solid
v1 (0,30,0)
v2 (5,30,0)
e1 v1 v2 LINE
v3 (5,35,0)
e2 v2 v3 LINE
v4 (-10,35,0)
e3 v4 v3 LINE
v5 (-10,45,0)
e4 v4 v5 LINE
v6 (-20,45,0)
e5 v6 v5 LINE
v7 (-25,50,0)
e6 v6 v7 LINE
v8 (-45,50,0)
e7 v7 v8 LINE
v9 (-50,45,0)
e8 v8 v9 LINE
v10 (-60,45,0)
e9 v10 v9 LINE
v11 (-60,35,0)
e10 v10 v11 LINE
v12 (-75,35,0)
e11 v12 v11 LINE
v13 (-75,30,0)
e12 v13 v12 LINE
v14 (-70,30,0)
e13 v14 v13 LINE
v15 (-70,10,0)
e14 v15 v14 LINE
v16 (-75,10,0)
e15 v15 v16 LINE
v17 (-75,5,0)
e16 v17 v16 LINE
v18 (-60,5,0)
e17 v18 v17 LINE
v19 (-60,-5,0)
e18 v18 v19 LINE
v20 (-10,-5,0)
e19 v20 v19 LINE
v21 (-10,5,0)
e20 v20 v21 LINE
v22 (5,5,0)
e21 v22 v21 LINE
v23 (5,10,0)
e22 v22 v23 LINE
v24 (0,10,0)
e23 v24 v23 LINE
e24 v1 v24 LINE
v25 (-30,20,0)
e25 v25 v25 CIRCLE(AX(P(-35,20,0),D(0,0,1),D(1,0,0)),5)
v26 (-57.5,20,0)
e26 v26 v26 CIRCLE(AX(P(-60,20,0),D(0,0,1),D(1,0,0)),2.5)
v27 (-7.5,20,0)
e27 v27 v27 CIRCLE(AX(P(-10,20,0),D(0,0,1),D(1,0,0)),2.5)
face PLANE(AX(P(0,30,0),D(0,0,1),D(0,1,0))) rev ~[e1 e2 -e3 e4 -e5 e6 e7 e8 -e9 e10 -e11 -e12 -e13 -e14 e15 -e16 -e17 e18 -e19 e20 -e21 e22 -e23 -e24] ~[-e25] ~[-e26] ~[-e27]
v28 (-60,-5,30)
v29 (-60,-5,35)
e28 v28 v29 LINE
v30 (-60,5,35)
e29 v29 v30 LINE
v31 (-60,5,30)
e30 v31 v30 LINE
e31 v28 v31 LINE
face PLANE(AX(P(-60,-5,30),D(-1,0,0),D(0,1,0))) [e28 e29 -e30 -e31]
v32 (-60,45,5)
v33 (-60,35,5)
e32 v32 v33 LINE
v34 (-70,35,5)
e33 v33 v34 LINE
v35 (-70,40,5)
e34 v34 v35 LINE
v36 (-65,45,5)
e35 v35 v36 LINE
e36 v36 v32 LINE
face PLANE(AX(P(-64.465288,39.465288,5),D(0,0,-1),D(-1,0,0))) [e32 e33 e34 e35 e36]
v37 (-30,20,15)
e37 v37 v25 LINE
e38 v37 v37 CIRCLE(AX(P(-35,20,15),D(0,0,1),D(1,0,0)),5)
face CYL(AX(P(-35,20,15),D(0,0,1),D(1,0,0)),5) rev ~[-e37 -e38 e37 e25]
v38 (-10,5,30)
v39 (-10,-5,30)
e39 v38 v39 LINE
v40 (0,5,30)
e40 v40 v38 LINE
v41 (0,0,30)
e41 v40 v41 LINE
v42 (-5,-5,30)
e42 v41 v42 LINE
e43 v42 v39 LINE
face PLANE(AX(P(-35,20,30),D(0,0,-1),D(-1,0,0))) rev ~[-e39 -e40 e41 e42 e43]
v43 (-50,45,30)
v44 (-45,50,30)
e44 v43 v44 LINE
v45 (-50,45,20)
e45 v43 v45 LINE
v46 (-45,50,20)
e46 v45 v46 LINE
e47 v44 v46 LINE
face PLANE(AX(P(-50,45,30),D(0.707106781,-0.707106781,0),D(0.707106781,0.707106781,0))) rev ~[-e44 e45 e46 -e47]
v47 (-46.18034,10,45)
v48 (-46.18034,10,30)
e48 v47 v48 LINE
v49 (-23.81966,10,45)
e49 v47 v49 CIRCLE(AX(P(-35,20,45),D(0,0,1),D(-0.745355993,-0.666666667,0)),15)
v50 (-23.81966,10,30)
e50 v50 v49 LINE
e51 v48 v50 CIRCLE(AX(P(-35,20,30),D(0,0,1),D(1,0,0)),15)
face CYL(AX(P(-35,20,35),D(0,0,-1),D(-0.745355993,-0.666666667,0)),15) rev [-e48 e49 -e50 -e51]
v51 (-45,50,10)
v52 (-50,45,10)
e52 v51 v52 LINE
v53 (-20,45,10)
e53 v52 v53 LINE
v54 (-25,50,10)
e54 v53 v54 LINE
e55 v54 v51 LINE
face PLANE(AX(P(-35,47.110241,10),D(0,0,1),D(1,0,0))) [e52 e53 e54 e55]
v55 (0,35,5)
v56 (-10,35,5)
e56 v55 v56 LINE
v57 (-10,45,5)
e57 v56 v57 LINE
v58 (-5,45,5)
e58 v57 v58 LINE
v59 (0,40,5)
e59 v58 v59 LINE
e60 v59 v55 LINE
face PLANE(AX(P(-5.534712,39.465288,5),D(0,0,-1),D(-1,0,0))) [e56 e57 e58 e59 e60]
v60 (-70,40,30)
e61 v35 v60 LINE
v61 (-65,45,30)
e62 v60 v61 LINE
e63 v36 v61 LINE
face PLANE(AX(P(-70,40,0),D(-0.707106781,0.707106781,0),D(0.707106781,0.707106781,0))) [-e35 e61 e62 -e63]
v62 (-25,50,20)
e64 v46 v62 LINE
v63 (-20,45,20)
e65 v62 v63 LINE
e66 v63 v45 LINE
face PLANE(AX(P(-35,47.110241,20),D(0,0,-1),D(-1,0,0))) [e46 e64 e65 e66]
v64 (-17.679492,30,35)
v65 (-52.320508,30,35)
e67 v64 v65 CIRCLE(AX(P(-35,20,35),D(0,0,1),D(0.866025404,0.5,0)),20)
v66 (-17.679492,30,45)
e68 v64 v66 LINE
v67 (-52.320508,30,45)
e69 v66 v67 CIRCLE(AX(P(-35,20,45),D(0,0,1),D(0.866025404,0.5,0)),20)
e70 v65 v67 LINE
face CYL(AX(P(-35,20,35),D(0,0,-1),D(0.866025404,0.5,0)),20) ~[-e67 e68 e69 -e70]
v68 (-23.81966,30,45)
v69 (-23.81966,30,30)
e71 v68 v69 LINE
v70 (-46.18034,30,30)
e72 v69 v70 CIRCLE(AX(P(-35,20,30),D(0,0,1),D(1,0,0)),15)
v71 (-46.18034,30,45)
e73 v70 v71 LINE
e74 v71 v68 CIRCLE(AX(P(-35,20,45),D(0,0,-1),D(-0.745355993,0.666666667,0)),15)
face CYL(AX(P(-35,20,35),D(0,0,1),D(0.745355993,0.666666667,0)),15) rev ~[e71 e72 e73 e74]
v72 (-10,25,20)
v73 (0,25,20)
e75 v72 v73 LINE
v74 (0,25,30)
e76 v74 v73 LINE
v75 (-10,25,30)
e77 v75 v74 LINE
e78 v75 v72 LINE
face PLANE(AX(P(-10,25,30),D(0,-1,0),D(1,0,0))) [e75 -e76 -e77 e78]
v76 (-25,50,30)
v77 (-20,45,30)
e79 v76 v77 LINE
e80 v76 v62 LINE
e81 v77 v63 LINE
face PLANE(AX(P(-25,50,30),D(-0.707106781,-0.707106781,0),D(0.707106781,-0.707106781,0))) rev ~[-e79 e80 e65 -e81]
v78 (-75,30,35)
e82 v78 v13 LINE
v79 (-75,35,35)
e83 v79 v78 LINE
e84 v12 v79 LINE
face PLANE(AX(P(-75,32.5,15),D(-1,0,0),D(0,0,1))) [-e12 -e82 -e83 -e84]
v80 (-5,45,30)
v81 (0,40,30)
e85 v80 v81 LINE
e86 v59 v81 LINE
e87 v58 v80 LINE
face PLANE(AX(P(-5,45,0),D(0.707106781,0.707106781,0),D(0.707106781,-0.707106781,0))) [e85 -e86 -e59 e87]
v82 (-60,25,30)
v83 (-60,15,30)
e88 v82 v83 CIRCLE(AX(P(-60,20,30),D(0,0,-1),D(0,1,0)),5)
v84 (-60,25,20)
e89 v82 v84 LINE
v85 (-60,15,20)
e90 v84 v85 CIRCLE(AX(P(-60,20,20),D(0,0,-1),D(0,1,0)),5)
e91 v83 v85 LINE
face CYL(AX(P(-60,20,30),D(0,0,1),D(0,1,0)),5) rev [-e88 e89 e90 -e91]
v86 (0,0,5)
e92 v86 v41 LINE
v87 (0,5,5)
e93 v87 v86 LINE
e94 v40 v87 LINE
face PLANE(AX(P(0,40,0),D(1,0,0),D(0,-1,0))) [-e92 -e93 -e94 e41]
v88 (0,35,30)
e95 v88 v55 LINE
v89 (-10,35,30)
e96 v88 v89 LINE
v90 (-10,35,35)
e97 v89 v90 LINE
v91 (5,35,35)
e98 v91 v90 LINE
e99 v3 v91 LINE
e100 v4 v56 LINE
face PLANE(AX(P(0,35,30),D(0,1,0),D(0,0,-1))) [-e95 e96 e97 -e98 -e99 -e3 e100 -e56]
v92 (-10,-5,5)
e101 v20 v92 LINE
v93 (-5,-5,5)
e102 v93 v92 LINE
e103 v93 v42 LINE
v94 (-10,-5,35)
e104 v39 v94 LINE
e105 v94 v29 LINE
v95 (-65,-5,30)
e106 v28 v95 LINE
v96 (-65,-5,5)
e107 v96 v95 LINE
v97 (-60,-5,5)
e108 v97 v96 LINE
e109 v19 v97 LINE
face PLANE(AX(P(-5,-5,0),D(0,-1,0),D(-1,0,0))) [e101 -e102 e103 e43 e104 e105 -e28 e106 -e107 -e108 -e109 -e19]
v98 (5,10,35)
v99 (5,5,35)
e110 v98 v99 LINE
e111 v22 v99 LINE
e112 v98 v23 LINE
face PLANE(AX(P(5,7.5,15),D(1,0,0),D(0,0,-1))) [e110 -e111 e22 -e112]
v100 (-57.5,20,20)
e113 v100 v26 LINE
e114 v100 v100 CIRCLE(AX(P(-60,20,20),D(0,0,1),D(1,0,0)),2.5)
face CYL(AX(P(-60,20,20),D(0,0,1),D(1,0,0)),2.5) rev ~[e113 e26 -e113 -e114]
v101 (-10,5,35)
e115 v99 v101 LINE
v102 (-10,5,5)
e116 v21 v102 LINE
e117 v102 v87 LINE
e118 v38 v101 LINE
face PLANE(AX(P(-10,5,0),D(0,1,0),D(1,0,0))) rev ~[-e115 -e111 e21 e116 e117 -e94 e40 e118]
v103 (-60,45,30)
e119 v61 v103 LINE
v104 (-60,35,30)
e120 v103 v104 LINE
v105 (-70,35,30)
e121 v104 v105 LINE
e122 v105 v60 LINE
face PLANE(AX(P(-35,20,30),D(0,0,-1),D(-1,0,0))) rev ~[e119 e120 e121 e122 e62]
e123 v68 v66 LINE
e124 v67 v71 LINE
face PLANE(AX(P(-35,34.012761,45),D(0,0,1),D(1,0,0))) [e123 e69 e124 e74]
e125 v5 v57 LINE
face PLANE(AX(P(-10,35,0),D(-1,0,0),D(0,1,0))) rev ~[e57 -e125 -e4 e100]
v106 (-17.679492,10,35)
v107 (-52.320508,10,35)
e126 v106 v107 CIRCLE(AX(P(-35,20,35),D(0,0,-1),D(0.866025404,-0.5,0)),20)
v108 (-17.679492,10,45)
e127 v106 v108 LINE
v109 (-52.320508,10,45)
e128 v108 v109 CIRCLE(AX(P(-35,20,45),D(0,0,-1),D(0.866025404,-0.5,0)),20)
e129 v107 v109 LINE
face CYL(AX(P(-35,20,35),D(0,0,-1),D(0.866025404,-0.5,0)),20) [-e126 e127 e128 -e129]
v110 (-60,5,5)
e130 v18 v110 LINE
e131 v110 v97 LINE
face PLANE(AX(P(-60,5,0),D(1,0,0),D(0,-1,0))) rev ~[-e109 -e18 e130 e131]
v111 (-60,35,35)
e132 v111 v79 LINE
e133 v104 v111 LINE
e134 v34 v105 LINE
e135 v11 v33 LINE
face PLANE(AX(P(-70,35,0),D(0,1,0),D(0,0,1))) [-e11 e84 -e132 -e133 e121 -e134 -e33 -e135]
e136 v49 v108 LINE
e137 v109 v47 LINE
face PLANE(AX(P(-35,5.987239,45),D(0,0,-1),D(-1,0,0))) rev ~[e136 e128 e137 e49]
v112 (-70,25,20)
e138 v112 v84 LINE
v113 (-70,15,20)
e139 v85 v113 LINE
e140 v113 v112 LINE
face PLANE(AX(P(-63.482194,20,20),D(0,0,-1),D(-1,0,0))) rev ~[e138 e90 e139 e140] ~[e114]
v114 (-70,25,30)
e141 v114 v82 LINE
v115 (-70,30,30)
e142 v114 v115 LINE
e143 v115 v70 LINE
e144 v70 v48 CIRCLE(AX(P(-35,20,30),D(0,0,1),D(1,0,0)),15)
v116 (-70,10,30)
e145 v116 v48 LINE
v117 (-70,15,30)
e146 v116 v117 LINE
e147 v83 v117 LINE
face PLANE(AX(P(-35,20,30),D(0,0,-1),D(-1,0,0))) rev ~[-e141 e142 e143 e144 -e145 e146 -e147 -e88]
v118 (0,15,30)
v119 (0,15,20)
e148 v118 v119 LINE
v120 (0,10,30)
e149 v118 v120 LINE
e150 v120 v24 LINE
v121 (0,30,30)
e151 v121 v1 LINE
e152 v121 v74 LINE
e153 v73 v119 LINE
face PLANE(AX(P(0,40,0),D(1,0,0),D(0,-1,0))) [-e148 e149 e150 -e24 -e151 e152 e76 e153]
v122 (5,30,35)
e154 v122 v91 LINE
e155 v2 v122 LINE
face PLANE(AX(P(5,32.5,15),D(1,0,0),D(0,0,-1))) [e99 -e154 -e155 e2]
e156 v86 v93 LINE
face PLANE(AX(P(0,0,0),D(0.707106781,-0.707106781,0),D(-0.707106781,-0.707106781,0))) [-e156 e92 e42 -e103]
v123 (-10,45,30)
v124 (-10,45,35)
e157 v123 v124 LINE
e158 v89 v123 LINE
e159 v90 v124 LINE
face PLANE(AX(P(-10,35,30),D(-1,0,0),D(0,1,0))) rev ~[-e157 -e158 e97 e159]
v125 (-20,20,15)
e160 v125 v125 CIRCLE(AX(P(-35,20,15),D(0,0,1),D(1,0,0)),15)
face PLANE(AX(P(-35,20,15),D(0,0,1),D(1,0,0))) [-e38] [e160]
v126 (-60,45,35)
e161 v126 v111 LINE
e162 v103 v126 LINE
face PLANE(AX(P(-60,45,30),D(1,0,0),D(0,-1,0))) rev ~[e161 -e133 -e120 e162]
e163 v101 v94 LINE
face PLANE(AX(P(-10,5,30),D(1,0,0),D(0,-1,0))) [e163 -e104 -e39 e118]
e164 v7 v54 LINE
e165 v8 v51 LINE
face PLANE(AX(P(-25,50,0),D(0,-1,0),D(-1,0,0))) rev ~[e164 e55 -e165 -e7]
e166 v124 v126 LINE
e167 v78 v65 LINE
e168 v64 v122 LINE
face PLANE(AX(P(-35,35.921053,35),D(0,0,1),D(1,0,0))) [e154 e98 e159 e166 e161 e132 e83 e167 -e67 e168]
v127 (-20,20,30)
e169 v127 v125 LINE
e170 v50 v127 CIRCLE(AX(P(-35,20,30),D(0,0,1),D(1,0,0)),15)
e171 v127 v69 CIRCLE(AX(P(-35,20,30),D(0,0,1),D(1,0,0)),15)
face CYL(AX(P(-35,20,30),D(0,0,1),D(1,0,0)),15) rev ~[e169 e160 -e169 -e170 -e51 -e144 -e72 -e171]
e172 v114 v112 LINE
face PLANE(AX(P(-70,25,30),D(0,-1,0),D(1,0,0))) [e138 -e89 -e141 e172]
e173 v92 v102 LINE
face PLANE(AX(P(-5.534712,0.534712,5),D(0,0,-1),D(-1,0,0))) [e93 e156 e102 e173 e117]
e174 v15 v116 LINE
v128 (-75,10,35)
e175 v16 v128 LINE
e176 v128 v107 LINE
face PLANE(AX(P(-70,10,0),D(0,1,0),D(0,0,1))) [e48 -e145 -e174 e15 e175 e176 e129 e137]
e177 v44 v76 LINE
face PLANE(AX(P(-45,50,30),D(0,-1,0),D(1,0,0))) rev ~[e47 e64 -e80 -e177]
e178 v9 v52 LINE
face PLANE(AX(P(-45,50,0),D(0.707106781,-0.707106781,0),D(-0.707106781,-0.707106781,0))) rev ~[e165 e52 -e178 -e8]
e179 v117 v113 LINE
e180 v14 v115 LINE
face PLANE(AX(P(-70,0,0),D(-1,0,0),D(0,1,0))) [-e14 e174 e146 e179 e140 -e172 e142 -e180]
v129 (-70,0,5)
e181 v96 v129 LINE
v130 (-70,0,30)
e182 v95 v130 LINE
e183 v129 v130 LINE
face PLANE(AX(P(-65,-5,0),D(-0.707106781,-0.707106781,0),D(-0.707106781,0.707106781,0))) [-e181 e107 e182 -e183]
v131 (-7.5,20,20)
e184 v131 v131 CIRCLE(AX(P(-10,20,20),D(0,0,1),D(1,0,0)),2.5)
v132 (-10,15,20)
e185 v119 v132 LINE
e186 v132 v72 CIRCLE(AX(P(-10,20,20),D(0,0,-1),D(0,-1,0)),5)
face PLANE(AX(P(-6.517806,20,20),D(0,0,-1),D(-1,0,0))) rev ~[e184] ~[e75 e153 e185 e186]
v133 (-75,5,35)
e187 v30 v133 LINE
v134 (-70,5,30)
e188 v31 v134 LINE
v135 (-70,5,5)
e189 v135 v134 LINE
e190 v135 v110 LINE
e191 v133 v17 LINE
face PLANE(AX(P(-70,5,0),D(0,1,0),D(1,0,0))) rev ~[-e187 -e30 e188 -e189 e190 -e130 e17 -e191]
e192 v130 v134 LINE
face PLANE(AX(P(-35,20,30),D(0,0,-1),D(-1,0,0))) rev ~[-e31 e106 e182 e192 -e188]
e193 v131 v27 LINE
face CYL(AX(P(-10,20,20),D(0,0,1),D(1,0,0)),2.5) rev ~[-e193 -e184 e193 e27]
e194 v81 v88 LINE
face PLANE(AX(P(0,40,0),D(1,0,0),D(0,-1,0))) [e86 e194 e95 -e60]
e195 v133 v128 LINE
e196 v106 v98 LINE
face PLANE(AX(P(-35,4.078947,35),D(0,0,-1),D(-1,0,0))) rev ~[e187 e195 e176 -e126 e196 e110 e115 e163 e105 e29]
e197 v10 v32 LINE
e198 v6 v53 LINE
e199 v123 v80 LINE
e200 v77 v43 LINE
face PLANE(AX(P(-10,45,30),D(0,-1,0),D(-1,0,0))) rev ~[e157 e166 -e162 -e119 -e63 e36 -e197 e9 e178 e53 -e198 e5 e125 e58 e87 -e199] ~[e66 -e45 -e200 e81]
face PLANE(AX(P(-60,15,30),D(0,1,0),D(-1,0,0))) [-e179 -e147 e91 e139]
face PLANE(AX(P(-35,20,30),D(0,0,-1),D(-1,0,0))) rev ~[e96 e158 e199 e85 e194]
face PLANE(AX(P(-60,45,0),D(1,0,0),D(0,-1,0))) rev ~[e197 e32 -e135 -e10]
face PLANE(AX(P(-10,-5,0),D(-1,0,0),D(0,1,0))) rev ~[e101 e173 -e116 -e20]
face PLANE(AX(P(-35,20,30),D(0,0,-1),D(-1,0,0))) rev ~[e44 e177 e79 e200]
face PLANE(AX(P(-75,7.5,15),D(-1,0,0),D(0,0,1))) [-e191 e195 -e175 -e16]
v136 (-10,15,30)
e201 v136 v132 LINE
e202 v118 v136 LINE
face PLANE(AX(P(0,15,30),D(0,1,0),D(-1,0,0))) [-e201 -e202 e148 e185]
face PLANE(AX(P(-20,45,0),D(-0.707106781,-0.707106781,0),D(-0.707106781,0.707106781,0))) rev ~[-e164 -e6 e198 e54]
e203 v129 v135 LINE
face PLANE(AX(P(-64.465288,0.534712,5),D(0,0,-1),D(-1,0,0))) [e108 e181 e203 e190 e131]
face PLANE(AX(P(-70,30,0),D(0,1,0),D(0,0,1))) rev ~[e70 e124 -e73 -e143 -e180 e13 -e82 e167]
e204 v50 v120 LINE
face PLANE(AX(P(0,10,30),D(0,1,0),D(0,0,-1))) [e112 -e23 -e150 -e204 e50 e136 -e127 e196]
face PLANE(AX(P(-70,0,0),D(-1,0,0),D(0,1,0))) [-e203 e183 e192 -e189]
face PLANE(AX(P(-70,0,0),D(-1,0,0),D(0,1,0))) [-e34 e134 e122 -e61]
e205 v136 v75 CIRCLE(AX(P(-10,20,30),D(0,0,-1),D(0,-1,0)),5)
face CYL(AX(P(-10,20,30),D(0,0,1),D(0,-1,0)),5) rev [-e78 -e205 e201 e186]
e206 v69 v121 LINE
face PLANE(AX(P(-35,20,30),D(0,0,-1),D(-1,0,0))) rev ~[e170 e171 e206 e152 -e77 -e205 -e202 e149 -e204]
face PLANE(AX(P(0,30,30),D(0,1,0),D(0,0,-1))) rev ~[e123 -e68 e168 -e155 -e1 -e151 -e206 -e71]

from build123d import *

# Parameters (mm, degrees)
BOSS_EXTRUDE2_DEPTH  = 30
BOSS_EXTRUDE3_DEPTH  = 10
BOSS_EXTRUDE4_DEPTH  = 10
BOSS_EXTRUDE7_DEPTH  = 5
CUT_EXTRUDE9_DEPTH   = 10
SKETCH13_R           = 2.5
CUT_EXTRUDE10_DEPTH  = 190
SKETCH14_R           = 15
CUT_EXTRUDE12_DEPTH  = 15
CUT_EXTRUDE13_DEPTH  = 5
BOSS_EXTRUDE8_DEPTH  = 10
SKETCH17_R           = 5
CUT_EXTRUDE15_DEPTH  = 15
CUT_EXTRUDE16_DEPTH  = 5
SKETCH19_W           = 30
SKETCH19_H           = 5
BOSS_EXTRUDE9_DEPTH  = 5
SKETCH20_W           = 30
SKETCH20_H           = 5
BOSS_EXTRUDE10_DEPTH = 5


with BuildPart() as part:
    # Sketch2 → Boss-Extrude2 (new body)
    with BuildSketch(Plane.XY):
        Polygon((-70, 40), (-65, 45), (-5, 45), (0, 40), (0, 0), (-5, -5), (-65, -5), (-70, 0), align=None)
    extrude(amount=BOSS_EXTRUDE2_DEPTH)

    # Sketch4 → Boss-Extrude3 (add)
    with BuildSketch(Plane.XY.offset(30)):
        Polygon((-50, 45), (-45, 50), (-25, 50), (-20, 45), align=None)
    extrude(amount=-BOSS_EXTRUDE3_DEPTH)

    # Sketch5 → Boss-Extrude4 (add)
    with BuildSketch(Plane(origin=(0, 0, 0), x_dir=(-1, 0, 0), z_dir=(0, 0, -1))):
        Polygon((20, 45), (25, 50), (45, 50), (50, 45), align=None)
    extrude(amount=-BOSS_EXTRUDE4_DEPTH)

    # Sketch6 → Boss-Extrude7 (add)
    with BuildSketch(Plane.XY.offset(30)):
        Polygon((-75, 30), (5, 30), (5, 35), (-10, 35), (-10, 45), (-60, 45), (-60, 35), (-75, 35), align=None)
        Polygon((-75, 10), (5, 10), (5, 5), (-10, 5), (-10, -5), (-60, -5), (-60, 5), (-75, 5), align=None)
    extrude(amount=BOSS_EXTRUDE7_DEPTH)

    # Sketch12 → Cut-Extrude9 (cut)
    with BuildSketch(Plane.XY.offset(30)):
        with BuildLine():
            Line((-70, 25), (-60, 25))
            ThreePointArc((-60, 25), (-55, 20), (-60, 15))
            Line((-60, 15), (-70, 15))
            Line((-70, 15), (-70, 25))
        make_face()
        with BuildLine():
            Line((0, 15), (-10, 15))
            ThreePointArc((-10, 15), (-15, 20), (-10, 25))
            Line((-10, 25), (0, 25))
            Line((0, 25), (0, 15))
        make_face()
    extrude(amount=-CUT_EXTRUDE9_DEPTH, mode=Mode.SUBTRACT)

    # Sketch13 → Cut-Extrude10 (cut)
    with BuildSketch(Plane.XY.offset(20)):
        with Locations((-60, 20)):
            Circle(SKETCH13_R)
        with Locations((-10, 20)):
            Circle(SKETCH13_R)
    extrude(amount=-CUT_EXTRUDE10_DEPTH, mode=Mode.SUBTRACT)

    # Sketch14 → Cut-Extrude12 (cut)
    with BuildSketch(Plane.XY.offset(30)):
        with Locations((-35, 20)):
            Circle(SKETCH14_R)
    extrude(amount=-CUT_EXTRUDE12_DEPTH, mode=Mode.SUBTRACT)

    # Sketch15 → Cut-Extrude13 (cut)
    with BuildSketch(Plane.XY.offset(35)):
        with BuildLine():
            Line((-46.180339887, 10), (-23.819660113, 10))
            ThreePointArc((-23.819660113, 10), (-35, 5), (-46.180339887, 10))
        make_face()
        with BuildLine():
            Line((-46.180339887, 30), (-23.819660113, 30))
            ThreePointArc((-23.819660113, 30), (-35, 35), (-46.180339887, 30))
        make_face()
    extrude(amount=-CUT_EXTRUDE13_DEPTH, mode=Mode.SUBTRACT)

    # Sketch16 → Boss-Extrude8 (add)
    with BuildSketch(Plane.XY.offset(35)):
        with BuildLine():
            ThreePointArc((-17.679491924, 10), (-35, 0), (-52.320508076, 10))
            Line((-52.320508076, 10), (-46.180339887, 10))
            ThreePointArc((-46.180339887, 10), (-35, 5), (-23.819660113, 10))
            Line((-23.819660113, 10), (-17.679491924, 10))
        make_face()
        with BuildLine():
            Line((-52.320508076, 30), (-46.180339887, 30))
            ThreePointArc((-46.180339887, 30), (-35, 35), (-23.819660113, 30))
            Line((-23.819660113, 30), (-17.679491924, 30))
            ThreePointArc((-17.679491924, 30), (-35, 40), (-52.320508076, 30))
        make_face()
    extrude(amount=BOSS_EXTRUDE8_DEPTH)

    # Sketch17 → Cut-Extrude15 (cut)
    with BuildSketch(Plane.XY.offset(15)):
        with Locations((-35, 20)):
            Circle(SKETCH17_R)
    extrude(amount=-CUT_EXTRUDE15_DEPTH, mode=Mode.SUBTRACT)

    # Sketch18 → Cut-Extrude16 (cut)
    with BuildSketch(Plane(origin=(0, 0, 0), x_dir=(-1, 0, 0), z_dir=(0, 0, -1))):
        Polygon((5, -5), (10, -5), (10, 5), (0, 5), (0, 0), align=None)
        Polygon((0, 40), (0, 35), (10, 35), (10, 45), (5, 45), align=None)
        Polygon((60, 45), (60, 35), (70, 35), (70, 40), (65, 45), align=None)
        Polygon((70, 0), (70, 5), (60, 5), (60, -5), (65, -5), align=None)
    extrude(amount=-CUT_EXTRUDE16_DEPTH, mode=Mode.SUBTRACT)

    # Sketch19 → Boss-Extrude9 (add)
    with BuildSketch(Plane.ZY.offset(70)):
        with Locations((15, 32.5)):
            Rectangle(SKETCH19_W, SKETCH19_H)
        with Locations((15, 7.5)):
            Rectangle(SKETCH19_W, SKETCH19_H)
    extrude(amount=BOSS_EXTRUDE9_DEPTH)

    # Sketch20 → Boss-Extrude10 (add)
    with BuildSketch(Plane(origin=(0, 0, 0), x_dir=(0, 0, -1), z_dir=(1, 0, 0))):
        with Locations((-15, 32.5)):
            Rectangle(SKETCH20_W, SKETCH20_H)
        with Locations((-15, 7.5)):
            Rectangle(SKETCH20_W, SKETCH20_H)
    extrude(amount=BOSS_EXTRUDE10_DEPTH)


solid = part.part
